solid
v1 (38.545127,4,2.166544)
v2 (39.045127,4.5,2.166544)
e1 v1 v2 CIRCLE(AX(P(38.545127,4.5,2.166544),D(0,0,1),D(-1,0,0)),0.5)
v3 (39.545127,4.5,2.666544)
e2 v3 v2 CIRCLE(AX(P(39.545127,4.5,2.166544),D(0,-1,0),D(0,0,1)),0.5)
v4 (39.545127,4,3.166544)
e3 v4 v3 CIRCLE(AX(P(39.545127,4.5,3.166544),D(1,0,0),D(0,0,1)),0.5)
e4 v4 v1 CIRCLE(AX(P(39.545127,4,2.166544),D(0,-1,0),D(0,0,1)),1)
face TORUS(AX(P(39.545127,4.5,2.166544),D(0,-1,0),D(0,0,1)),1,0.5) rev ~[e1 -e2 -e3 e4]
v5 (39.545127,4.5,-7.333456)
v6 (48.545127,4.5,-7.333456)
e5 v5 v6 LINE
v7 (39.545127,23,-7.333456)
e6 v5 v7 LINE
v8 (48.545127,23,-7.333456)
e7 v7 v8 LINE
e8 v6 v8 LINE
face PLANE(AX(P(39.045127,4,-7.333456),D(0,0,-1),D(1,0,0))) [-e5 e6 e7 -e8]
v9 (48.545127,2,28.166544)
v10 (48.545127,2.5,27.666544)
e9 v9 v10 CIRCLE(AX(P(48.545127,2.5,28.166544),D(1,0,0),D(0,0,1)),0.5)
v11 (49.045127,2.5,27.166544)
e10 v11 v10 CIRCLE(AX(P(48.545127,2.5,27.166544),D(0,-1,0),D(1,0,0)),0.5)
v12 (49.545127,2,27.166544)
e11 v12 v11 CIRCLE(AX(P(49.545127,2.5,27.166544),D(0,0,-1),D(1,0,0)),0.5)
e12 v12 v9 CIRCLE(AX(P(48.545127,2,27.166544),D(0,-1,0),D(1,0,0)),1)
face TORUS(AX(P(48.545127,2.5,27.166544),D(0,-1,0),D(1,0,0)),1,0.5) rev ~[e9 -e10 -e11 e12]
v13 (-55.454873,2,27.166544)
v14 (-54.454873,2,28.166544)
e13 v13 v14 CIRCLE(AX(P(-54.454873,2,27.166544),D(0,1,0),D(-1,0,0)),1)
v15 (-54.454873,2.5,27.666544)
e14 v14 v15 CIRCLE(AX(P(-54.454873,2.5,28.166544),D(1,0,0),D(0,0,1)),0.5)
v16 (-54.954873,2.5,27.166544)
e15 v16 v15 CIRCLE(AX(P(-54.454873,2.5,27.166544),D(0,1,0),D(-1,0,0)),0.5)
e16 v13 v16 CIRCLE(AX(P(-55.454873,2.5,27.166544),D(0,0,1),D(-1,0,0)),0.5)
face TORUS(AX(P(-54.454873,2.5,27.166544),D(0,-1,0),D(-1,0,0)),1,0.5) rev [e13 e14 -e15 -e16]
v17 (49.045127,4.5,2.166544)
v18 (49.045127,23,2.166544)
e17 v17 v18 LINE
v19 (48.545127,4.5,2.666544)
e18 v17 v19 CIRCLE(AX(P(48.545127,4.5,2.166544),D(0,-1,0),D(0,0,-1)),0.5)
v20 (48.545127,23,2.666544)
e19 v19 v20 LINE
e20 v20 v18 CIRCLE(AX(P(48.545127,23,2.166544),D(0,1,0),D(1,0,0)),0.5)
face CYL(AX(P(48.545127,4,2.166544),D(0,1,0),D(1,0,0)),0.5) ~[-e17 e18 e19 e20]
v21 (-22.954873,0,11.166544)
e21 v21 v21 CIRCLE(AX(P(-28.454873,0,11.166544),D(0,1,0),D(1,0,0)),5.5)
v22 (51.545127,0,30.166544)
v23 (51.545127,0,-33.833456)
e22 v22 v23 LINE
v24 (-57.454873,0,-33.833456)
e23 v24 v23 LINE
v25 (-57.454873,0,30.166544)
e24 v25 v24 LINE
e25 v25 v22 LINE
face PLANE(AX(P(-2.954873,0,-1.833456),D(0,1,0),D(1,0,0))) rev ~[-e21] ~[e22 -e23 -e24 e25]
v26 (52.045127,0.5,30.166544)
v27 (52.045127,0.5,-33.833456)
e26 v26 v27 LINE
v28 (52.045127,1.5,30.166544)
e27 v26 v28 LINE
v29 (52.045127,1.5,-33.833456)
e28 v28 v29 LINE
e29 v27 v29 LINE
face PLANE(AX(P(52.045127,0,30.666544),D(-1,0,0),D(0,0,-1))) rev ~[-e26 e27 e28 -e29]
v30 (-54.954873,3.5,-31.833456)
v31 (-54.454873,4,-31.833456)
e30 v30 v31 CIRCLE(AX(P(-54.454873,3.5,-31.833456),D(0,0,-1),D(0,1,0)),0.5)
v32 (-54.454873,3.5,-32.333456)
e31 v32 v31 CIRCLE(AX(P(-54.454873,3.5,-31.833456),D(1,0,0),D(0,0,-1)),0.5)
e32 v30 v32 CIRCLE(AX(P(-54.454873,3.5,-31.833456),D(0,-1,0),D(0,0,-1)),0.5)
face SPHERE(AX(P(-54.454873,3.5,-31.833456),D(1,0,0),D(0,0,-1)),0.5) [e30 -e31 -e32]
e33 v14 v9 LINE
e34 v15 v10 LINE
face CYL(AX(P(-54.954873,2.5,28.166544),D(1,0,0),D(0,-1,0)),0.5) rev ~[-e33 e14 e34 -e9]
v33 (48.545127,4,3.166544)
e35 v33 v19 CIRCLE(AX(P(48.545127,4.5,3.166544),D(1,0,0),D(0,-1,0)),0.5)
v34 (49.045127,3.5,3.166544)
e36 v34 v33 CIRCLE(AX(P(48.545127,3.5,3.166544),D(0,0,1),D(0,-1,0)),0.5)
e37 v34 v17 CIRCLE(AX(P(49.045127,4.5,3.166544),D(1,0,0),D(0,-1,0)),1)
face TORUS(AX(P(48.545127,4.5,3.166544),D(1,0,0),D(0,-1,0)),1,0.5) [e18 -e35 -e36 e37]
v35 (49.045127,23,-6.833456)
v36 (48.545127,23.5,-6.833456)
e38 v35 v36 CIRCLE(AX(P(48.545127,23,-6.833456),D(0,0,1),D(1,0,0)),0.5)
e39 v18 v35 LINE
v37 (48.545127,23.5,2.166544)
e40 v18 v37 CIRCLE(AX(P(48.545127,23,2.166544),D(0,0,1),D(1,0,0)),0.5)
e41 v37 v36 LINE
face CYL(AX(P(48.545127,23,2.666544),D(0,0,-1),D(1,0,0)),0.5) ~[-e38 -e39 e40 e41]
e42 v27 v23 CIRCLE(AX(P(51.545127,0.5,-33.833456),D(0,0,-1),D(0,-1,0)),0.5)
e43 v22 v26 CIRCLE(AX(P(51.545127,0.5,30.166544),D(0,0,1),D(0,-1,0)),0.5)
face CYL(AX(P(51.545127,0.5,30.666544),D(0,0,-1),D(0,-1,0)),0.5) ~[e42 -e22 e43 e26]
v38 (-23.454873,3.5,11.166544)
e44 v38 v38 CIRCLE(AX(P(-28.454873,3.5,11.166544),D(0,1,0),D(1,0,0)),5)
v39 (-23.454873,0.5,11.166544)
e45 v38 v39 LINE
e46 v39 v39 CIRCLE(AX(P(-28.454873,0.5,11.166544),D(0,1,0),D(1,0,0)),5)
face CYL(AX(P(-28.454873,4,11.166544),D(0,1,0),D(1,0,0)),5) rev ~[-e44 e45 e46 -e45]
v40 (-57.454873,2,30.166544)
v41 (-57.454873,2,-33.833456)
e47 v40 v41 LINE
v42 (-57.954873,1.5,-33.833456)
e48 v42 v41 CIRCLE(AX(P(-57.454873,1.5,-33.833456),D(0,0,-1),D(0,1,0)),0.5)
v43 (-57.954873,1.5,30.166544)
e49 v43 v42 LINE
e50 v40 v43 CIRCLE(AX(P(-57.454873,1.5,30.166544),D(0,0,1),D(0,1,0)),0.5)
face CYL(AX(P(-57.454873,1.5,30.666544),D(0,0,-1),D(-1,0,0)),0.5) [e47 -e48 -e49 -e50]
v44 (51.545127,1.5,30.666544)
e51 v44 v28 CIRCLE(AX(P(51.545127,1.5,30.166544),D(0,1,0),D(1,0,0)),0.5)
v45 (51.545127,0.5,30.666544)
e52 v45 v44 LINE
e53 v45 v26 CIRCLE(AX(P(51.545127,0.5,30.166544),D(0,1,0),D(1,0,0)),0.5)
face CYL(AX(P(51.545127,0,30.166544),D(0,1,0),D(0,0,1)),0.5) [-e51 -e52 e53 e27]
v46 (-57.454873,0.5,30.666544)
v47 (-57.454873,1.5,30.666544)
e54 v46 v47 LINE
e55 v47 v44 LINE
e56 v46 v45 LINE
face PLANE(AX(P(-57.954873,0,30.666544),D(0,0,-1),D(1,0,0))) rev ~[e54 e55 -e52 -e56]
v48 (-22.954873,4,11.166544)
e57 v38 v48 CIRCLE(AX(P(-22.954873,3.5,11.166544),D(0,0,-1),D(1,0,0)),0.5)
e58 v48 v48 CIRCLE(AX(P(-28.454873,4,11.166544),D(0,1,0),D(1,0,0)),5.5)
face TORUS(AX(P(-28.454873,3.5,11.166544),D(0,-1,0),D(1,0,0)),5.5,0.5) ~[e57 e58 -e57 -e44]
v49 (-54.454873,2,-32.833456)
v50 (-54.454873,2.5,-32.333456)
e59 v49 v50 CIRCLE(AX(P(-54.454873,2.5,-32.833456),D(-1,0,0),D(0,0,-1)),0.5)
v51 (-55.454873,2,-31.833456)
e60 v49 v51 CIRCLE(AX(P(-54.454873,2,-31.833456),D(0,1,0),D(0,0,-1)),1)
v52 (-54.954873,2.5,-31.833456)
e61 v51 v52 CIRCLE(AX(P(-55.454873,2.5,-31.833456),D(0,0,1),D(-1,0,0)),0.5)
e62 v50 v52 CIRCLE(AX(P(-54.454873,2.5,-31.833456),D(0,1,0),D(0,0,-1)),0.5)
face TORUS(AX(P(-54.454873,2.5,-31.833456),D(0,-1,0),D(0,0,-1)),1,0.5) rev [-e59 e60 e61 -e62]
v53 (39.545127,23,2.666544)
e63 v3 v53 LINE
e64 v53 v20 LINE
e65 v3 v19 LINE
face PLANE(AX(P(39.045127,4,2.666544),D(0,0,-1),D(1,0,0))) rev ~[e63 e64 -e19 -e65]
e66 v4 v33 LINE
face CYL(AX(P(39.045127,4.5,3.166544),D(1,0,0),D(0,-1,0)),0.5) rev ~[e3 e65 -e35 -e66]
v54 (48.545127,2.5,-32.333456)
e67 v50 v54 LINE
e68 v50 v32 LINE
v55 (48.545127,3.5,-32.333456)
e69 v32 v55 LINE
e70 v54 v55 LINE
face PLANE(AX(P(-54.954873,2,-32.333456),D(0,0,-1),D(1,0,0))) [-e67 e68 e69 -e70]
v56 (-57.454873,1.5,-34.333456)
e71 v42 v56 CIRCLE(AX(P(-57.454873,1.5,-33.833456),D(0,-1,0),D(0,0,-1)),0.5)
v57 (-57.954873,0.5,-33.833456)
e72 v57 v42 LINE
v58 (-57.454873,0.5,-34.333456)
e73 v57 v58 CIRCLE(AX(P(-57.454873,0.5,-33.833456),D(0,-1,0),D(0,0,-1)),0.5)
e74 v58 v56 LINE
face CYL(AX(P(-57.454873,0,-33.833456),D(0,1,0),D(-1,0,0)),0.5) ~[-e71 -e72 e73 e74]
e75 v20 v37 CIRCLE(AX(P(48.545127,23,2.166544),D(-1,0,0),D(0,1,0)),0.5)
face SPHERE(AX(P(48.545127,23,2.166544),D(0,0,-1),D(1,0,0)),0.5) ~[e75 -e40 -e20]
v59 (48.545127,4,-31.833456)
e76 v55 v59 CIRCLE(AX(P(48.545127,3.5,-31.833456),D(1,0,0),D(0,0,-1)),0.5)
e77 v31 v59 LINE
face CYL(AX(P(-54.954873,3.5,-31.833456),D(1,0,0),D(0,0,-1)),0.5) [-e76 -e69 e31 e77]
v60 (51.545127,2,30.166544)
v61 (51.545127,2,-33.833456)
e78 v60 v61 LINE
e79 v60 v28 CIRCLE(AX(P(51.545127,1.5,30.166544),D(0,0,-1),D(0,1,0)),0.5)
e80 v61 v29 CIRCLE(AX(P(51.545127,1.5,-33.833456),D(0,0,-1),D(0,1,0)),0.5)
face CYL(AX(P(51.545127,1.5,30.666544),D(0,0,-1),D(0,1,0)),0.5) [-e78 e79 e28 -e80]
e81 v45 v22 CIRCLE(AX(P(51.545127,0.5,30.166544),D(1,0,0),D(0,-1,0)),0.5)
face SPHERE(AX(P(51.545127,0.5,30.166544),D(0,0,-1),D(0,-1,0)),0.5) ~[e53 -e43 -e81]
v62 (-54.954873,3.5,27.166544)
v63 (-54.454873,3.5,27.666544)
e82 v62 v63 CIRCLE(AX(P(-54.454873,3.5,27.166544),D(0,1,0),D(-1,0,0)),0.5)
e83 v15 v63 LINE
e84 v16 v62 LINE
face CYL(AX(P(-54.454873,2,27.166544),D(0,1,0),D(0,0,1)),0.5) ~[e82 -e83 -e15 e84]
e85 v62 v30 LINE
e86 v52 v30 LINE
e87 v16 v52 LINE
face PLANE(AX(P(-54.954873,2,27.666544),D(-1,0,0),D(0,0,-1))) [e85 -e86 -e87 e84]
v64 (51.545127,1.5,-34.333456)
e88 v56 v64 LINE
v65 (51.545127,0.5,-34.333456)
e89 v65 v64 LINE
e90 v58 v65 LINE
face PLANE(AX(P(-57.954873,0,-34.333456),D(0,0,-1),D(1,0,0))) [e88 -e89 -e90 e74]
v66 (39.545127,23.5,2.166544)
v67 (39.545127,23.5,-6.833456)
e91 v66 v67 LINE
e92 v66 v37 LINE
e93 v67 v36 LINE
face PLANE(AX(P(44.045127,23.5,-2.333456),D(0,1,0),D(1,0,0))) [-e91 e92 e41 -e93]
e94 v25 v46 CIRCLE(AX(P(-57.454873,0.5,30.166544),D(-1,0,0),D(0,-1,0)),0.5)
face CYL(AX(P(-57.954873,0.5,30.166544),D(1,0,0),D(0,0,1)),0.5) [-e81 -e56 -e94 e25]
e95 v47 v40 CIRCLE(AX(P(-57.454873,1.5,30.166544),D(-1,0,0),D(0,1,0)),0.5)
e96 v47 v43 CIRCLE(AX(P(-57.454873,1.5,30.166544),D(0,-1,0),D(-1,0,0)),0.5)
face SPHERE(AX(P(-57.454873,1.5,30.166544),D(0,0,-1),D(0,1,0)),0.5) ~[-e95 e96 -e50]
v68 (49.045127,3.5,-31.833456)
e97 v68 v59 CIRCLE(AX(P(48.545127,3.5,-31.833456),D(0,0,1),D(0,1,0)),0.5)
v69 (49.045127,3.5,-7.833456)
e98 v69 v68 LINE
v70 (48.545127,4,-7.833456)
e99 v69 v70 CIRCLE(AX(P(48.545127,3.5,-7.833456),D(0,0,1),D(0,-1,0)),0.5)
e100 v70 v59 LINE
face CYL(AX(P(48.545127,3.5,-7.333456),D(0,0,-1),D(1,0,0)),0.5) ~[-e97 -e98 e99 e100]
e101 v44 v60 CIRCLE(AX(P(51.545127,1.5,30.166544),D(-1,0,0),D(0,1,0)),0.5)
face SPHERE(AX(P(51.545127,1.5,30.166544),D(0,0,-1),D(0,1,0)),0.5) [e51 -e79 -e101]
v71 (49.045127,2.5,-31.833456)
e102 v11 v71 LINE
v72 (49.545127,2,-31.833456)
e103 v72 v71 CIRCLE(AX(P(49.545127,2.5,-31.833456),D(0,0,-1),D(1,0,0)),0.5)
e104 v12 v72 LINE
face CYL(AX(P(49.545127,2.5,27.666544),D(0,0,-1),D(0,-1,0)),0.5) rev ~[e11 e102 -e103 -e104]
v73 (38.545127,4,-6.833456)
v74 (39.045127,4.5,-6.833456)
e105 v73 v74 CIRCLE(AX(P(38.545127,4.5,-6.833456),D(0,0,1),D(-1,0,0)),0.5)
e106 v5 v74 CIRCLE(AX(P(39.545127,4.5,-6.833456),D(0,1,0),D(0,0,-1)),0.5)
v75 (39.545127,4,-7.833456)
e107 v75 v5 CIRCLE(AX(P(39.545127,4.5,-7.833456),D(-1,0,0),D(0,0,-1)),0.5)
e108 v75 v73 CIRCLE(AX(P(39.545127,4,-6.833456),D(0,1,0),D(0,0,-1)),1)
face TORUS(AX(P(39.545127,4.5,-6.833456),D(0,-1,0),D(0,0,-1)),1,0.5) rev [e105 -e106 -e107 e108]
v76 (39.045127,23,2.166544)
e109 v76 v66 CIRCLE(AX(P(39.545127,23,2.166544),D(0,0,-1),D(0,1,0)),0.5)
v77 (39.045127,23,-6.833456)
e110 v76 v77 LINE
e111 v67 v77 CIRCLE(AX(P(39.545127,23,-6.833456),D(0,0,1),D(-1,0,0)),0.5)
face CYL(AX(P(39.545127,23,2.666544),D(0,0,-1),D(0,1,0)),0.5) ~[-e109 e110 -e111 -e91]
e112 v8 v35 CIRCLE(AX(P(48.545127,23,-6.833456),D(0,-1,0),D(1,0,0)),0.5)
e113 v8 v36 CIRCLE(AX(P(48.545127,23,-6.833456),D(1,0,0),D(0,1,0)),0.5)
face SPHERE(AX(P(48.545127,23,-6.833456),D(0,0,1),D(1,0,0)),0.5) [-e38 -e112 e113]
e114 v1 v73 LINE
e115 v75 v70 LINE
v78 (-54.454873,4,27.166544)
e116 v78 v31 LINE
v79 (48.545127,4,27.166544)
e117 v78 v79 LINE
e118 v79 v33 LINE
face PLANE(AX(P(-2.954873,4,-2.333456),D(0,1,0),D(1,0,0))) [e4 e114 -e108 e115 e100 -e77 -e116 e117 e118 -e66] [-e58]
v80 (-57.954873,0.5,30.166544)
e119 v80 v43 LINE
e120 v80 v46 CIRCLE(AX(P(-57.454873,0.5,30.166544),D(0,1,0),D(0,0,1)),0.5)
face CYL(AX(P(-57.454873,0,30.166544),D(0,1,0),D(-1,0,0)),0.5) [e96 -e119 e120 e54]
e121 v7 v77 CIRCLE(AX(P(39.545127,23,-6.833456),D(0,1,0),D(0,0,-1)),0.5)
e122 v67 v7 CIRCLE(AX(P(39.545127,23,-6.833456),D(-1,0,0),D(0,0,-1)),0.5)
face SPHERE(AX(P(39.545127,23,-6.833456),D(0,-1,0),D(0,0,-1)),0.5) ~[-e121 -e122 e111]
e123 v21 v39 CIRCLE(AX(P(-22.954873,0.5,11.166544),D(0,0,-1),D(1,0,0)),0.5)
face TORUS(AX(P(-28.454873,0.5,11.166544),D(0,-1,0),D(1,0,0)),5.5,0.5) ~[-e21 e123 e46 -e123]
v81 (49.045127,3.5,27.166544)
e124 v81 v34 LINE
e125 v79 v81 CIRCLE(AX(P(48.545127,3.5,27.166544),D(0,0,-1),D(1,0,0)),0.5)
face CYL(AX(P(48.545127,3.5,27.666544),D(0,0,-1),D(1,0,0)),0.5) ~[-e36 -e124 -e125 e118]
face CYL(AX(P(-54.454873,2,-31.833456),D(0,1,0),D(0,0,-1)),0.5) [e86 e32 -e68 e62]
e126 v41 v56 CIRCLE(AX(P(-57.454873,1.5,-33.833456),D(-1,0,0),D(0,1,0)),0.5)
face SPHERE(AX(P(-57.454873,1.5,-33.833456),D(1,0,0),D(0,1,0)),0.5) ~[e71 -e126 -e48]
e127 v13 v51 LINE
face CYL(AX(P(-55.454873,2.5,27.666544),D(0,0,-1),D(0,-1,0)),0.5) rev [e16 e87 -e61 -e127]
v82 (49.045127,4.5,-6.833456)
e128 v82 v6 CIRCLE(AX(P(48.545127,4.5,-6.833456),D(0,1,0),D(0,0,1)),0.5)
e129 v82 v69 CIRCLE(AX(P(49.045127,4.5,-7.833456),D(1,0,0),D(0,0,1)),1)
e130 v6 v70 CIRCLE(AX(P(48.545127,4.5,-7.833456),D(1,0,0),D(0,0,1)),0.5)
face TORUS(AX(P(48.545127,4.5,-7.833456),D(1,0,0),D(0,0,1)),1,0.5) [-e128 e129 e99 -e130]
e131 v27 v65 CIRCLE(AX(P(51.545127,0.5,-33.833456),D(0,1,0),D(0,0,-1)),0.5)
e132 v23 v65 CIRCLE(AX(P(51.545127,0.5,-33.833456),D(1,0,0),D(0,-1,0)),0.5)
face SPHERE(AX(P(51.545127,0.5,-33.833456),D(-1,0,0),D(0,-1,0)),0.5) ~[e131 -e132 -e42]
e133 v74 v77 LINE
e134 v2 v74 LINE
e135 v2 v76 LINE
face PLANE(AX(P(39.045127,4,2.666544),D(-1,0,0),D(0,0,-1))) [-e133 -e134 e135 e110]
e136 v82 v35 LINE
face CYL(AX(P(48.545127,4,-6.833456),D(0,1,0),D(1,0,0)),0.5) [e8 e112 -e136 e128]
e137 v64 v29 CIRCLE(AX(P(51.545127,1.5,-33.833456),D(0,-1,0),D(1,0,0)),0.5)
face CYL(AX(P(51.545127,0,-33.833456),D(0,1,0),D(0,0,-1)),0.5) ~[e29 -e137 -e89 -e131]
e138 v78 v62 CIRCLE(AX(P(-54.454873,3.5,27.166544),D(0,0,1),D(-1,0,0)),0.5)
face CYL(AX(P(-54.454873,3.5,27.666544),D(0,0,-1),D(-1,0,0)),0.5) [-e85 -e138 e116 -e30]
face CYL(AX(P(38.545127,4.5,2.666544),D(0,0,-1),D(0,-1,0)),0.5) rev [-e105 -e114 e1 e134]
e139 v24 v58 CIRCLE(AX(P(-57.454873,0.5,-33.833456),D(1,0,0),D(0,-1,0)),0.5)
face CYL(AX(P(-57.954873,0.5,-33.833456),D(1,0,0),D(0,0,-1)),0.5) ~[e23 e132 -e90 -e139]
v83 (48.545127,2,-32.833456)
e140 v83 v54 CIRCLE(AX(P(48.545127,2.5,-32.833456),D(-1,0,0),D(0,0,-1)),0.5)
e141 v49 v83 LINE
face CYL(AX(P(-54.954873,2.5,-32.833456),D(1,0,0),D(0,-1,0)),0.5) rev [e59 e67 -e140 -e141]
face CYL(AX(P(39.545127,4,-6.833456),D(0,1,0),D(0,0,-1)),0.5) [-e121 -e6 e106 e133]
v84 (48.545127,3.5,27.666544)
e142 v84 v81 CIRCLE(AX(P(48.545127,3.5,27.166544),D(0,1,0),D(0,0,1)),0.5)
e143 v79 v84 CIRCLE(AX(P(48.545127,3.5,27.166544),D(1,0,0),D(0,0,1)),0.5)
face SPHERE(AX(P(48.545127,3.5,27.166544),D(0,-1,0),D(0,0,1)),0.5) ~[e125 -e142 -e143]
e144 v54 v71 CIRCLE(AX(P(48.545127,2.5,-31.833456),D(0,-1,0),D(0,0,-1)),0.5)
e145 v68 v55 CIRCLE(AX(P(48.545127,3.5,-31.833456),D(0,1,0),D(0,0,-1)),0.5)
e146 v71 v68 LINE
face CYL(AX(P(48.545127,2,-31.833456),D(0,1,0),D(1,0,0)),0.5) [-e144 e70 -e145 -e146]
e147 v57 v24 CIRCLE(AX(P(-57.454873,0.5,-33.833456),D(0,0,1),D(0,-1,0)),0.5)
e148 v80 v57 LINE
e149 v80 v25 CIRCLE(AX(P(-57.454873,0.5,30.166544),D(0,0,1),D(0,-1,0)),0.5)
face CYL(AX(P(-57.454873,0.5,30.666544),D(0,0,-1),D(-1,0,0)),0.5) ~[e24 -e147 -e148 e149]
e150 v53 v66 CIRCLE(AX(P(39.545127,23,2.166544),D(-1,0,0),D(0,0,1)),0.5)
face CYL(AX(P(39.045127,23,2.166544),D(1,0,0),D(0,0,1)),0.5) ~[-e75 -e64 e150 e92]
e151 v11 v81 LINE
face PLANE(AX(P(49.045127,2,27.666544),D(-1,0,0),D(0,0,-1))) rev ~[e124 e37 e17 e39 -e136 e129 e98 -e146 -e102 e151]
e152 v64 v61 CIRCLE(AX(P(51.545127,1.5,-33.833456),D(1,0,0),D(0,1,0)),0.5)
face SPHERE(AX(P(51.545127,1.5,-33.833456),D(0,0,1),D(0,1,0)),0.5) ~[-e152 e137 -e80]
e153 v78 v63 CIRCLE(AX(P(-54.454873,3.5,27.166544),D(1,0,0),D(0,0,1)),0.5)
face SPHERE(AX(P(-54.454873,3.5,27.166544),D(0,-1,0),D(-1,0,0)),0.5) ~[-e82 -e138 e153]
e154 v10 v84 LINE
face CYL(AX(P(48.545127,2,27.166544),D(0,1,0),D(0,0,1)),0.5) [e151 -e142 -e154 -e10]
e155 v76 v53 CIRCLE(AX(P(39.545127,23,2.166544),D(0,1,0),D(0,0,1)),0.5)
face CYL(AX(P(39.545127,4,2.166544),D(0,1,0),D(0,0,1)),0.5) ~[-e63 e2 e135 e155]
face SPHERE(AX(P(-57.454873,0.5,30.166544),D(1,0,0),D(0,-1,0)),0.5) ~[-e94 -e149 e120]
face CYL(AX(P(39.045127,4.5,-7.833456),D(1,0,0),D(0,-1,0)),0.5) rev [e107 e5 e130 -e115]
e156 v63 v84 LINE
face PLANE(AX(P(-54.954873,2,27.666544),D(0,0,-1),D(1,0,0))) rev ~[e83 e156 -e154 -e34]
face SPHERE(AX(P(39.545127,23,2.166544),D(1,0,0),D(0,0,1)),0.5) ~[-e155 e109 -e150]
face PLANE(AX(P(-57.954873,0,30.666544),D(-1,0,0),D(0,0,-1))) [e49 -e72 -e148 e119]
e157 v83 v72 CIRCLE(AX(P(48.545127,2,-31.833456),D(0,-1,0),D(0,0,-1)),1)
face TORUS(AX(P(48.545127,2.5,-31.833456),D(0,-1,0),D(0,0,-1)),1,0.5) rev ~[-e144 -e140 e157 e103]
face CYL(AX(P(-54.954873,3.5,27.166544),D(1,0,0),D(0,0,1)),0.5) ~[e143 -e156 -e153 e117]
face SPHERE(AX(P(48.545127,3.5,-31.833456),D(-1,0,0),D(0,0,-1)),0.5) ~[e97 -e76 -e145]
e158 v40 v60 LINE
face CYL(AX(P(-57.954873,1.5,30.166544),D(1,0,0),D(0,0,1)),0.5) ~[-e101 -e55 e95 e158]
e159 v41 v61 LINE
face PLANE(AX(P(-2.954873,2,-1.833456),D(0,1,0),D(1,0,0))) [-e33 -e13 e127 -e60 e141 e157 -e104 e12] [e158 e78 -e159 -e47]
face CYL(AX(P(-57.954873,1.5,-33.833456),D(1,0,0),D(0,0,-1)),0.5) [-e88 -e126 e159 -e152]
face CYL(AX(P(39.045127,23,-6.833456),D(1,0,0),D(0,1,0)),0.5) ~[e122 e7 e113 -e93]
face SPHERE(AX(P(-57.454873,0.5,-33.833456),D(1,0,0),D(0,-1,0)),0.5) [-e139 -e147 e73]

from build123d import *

# Parameters (mm, degrees)
SKETCH1_W           = 110
SKETCH1_H           = 65
BOSS_EXTRUDE1_DEPTH = 2
SKETCH2_W           = 104
SKETCH2_H           = 60
BOSS_EXTRUDE3_DEPTH = 2
SKETCH6_W           = 10
SKETCH6_H           = 10
BOSS_EXTRUDE4_DEPTH = 19.5
SKETCH7_R           = 5
CUT_EXTRUDE1_DEPTH  = 5
FILLET1_R           = 0.5


with BuildPart() as part:
    # Sketch1 → Boss-Extrude1 (new body)
    with BuildSketch(Plane(origin=(0, 0, 0), x_dir=(1, 0, 0), z_dir=(0, 1, 0))):
        with Locations((-2.954873439, 1.833455829)):
            Rectangle(SKETCH1_W, SKETCH1_H)
    extrude(amount=BOSS_EXTRUDE1_DEPTH)

    # Sketch2 → Boss-Extrude3 (add)
    with BuildSketch(Plane(origin=(0, 2, 0), x_dir=(1, 0, 0), z_dir=(0, 1, 0))):
        with Locations((-2.954873439, 2.333455829)):
            Rectangle(SKETCH2_W, SKETCH2_H)
    extrude(amount=BOSS_EXTRUDE3_DEPTH)

    # Sketch6 → Boss-Extrude4 (add)
    with BuildSketch(Plane(origin=(0, 4, 0), x_dir=(1, 0, 0), z_dir=(0, 1, 0))):
        with Locations((44.045126561, 2.333455829)):
            Rectangle(SKETCH6_W, SKETCH6_H)
    extrude(amount=BOSS_EXTRUDE4_DEPTH)

    # Sketch7 → Cut-Extrude1 (cut, through all)
    with BuildSketch(Plane(origin=(0, 4, 0), x_dir=(1, 0, 0), z_dir=(0, 1, 0))):
        with Locations((-28.454873439, -11.166544171)):
            Circle(SKETCH7_R)
    extrude(amount=-CUT_EXTRUDE1_DEPTH, mode=Mode.SUBTRACT)

    # Fillet1
    fillet1_edges = [part.edges().sort_by_distance(p)[0] for p in [
        (52.045126561, 2, -1.833455829),
        (-2.954873439, 2, -34.333455829),
        (-2.954873439, 4, -32.333455829),
        (49.045126561, 3, -32.333455829),
        (-54.954873439, 2, -2.333455829),
        (-54.954873439, 3, -32.333455829),
        (-2.954873439, 2, 27.666544171),
        (-54.954873439, 3, 27.666544171),
        (49.045126561, 4, -19.833455829),
        (49.045126561, 3, 27.666544171),
        (-54.954873439, 4, -2.333455829),
        (-2.954873439, 4, 27.666544171),
        (-2.954873439, 2, -32.333455829),
        (49.045126561, 2, -2.333455829),
        (49.045126561, 4, 15.166544171),
        (49.045126561, 23.5, -2.333455829),
        (49.045126561, 13.75, 2.666544171),
        (44.045126561, 4, -7.333455829),
        (49.045126561, 13.75, -7.333455829),
        (39.045126561, 4, -2.333455829),
        (39.045126561, 13.75, -7.333455829),
        (44.045126561, 23.5, 2.666544171),
        (39.045126561, 13.75, 2.666544171),
        (44.045126561, 23.5, -7.333455829),
        (39.045126561, 23.5, -2.333455829),
        (44.045126561, 4, 2.666544171),
        (-57.954873439, 2, -1.833455829),
        (-33.454873439, 0, 11.166544171),
        (-33.454873439, 4, 11.166544171),
        (-2.954873439, 0, -34.333455829),
        (52.045126561, 0, -1.833455829),
        (-2.954873439, 0, 30.666544171),
        (-57.954873439, 0, -1.833455829),
        (-2.954873439, 2, 30.666544171),
        (-57.954873439, 1, -34.333455829),
        (52.045126561, 1, -34.333455829),
        (52.045126561, 1, 30.666544171),
        (-57.954873439, 1, 30.666544171),
    ]]
    fillet(fillet1_edges, radius=FILLET1_R)


solid = part.part
